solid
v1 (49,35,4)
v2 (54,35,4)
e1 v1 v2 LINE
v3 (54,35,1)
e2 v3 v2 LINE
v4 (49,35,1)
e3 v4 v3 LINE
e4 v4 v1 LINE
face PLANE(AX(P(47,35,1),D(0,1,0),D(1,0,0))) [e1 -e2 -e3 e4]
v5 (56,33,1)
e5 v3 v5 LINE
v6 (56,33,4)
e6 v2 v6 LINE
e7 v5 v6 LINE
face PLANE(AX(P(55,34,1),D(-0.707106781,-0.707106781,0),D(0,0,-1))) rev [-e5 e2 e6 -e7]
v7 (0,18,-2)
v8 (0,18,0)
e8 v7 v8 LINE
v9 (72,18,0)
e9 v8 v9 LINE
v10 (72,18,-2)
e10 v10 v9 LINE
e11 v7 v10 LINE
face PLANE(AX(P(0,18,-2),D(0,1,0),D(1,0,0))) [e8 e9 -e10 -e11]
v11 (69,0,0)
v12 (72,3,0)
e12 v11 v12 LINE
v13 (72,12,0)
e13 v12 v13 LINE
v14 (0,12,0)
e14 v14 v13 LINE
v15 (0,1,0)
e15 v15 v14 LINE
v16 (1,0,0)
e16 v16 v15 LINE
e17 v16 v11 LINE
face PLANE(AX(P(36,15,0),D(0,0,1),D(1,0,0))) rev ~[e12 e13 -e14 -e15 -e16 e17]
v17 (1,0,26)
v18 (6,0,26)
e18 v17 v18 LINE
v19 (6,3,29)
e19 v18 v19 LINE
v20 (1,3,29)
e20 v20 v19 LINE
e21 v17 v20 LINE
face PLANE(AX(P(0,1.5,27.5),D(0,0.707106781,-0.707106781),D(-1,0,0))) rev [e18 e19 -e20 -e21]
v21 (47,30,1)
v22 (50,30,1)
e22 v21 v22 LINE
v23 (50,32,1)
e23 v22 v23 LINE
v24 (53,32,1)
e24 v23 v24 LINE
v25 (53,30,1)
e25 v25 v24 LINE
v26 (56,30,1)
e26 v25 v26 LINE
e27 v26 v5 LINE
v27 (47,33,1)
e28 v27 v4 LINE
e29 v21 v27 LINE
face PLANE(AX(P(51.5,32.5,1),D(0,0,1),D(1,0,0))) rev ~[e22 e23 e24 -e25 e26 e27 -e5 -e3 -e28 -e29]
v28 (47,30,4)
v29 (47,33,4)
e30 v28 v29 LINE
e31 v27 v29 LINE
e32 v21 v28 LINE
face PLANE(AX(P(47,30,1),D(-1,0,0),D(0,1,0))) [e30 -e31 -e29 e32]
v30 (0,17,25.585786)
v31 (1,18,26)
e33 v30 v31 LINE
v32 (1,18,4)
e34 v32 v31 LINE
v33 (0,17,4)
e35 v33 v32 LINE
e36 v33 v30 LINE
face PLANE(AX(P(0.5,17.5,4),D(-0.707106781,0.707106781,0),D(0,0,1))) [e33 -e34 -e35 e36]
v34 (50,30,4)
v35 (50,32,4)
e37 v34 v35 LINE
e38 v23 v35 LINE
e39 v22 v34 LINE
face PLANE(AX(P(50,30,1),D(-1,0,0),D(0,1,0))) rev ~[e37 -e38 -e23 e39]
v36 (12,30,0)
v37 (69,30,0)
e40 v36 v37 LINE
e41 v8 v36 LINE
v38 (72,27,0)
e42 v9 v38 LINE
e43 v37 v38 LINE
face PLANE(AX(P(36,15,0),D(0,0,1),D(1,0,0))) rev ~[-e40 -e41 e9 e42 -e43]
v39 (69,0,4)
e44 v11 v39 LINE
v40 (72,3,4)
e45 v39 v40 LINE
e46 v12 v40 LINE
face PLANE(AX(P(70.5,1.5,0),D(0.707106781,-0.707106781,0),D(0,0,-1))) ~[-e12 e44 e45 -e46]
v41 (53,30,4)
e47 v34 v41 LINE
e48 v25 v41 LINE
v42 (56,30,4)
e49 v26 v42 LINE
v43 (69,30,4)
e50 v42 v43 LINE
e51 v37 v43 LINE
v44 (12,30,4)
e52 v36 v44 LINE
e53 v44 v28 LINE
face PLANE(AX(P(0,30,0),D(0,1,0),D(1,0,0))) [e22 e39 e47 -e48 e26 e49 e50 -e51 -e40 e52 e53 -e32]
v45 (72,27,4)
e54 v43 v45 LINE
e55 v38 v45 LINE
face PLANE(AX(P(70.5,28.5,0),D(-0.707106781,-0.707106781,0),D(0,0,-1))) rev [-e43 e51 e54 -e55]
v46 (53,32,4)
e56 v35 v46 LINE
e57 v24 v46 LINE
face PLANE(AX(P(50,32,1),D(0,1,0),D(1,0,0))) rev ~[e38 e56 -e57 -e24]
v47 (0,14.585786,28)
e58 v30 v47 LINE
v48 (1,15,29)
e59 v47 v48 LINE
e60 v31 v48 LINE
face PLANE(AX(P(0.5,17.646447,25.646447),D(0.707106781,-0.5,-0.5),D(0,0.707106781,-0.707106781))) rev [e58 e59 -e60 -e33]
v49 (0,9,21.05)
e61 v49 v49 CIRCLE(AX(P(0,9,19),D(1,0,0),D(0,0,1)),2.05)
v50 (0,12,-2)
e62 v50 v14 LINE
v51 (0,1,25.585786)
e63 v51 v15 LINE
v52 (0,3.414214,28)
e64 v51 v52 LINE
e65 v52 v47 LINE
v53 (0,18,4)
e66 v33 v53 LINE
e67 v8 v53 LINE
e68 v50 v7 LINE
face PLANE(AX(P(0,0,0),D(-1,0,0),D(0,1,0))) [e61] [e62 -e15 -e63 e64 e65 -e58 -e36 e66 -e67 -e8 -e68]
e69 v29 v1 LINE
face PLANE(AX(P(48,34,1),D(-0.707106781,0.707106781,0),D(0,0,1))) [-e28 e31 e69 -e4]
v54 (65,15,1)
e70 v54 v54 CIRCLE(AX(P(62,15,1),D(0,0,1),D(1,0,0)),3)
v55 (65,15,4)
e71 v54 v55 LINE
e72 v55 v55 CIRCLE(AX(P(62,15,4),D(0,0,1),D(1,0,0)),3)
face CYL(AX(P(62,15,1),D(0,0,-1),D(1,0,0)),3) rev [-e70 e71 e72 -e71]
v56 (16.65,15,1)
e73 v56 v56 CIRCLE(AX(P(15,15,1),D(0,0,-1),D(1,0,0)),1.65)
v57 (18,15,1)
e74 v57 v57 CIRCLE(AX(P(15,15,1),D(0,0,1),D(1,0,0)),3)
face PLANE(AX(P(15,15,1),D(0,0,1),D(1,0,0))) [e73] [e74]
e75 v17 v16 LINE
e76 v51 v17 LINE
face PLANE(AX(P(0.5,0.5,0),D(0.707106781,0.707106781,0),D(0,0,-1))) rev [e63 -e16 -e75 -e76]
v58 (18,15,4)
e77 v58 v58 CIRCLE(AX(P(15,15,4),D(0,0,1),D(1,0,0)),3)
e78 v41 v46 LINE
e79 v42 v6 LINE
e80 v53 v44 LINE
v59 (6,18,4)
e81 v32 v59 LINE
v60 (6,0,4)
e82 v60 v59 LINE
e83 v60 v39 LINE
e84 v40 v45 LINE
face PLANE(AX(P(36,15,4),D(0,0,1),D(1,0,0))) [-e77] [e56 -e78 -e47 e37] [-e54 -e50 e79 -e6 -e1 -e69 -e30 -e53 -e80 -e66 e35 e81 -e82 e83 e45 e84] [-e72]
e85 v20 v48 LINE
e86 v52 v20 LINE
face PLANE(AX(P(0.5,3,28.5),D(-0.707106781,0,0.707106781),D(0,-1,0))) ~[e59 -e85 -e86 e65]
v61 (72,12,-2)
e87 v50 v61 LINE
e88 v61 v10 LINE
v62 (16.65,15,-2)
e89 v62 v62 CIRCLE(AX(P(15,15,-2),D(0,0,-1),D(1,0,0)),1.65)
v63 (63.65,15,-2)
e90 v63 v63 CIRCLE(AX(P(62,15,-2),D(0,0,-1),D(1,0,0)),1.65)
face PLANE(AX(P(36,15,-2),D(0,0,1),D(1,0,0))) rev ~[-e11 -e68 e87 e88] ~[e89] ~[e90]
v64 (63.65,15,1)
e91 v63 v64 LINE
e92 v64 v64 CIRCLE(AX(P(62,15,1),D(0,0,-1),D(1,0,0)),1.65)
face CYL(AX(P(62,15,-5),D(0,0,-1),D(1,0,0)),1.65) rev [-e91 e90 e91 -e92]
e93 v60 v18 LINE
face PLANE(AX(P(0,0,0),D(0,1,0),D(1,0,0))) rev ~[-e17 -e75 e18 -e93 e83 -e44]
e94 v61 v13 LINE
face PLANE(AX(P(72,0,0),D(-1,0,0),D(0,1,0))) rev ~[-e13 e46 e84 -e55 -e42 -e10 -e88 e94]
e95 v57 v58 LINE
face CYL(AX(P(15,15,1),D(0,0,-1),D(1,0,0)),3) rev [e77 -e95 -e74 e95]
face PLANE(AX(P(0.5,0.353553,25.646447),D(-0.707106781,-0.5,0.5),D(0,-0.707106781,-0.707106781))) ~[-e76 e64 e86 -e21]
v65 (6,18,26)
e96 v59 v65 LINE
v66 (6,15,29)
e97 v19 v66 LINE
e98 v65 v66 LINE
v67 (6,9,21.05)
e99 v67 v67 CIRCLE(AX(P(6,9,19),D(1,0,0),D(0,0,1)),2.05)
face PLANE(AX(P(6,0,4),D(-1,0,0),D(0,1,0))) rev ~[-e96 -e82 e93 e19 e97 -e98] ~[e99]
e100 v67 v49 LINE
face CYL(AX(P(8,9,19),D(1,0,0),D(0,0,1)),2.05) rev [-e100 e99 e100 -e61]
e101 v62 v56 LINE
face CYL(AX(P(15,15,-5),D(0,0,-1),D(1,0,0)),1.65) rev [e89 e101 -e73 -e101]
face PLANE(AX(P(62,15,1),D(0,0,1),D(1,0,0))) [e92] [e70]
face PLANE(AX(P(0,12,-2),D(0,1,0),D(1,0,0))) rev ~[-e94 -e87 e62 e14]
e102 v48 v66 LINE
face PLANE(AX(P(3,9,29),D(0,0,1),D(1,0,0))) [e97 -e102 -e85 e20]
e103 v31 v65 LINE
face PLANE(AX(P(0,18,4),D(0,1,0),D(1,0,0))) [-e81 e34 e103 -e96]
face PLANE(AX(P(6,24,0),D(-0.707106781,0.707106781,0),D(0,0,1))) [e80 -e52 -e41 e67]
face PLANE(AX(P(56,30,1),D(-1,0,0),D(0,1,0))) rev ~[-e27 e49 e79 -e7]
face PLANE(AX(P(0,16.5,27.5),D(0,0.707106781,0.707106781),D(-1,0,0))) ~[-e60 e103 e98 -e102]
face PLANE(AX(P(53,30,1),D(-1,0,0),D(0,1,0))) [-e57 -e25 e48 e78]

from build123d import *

# Parameters (mm, degrees)
CYLINDER003_R     = 3
CYLINDER003_DEPTH = 3
CYLINDER004_R     = 3
CYLINDER004_DEPTH = 3
CYLINDER001_R     = 1.65
CYLINDER001_DEPTH = 10
CYLINDER002_R     = 1.65
CYLINDER002_DEPTH = 10
BOX001_W          = 72
BOX001_H          = 30
BOX001_DEPTH      = 4
CHAMFER_SIZE      = 12
CHAMFER001_SIZE   = 3
BOX002_W          = 72
BOX002_H          = 6
BOX002_DEPTH      = 2
CHAMFER004_SIZE   = 1
BOX004_W          = 3
BOX004_H          = 2
BOX004_DEPTH      = 3
BOX003_W          = 9
BOX003_H          = 5
BOX003_DEPTH      = 3
CHAMFER005_SIZE   = 2
CYLINDER_R        = 2.05
CYLINDER_DEPTH    = 10
BOX_W             = 6
BOX_H             = 18
BOX_DEPTH         = 25
CHAMFER002_SIZE   = 3
CHAMFER006_SIZE   = 1


with BuildPart() as cylinder003:
    # Cylinder003 → Cylinder003 (new body)
    with BuildSketch(Plane(origin=(62, 15, -5), x_dir=(1, 0, 0), z_dir=(0, 0, 1))):
        Circle(CYLINDER003_R)
    extrude(amount=CYLINDER003_DEPTH)


with BuildPart() as fusion002:
    # Cylinder004 → Cylinder004 (new body)
    with BuildSketch(Plane(origin=(15, 15, -5), x_dir=(1, 0, 0), z_dir=(0, 0, 1))):
        Circle(CYLINDER004_R)
    extrude(amount=CYLINDER004_DEPTH)

    # Fusion002: union Cylinder003
    add(cylinder003.part)


with BuildPart() as fusion002_1:
    # Fusion002 placement: moved
    add(fusion002.part.moved(Location((0, 0, 6))))


with BuildPart() as cylinder001:
    # Cylinder001 → Cylinder001 (new body)
    with BuildSketch(Plane(origin=(15, 15, -5), x_dir=(1, 0, 0), z_dir=(0, 0, 1))):
        Circle(CYLINDER001_R)
    extrude(amount=CYLINDER001_DEPTH)


with BuildPart() as fusion001:
    # Cylinder002 → Cylinder002 (new body)
    with BuildSketch(Plane(origin=(62, 15, -5), x_dir=(1, 0, 0), z_dir=(0, 0, 1))):
        Circle(CYLINDER002_R)
    extrude(amount=CYLINDER002_DEPTH)

    # Fusion001: union Cylinder001
    add(cylinder001.part)


with BuildPart() as chamfer001:
    # Box001 → Box001 (new body)
    with BuildSketch(Plane.XY):
        with Locations((36, 15)):
            Rectangle(BOX001_W, BOX001_H)
    extrude(amount=BOX001_DEPTH)

    # Chamfer
    chamfer_edges = [chamfer001.edges().sort_by_distance(p)[0] for p in [
        (0, 30, 2),
    ]]
    chamfer(chamfer_edges, length=CHAMFER_SIZE)

    # Chamfer001
    chamfer001_edges = [chamfer001.edges().sort_by_distance(p)[0] for p in [
        (72, 0, 2),
        (72, 30, 2),
    ]]
    chamfer(chamfer001_edges, length=CHAMFER001_SIZE)


with BuildPart() as chamfer004:
    # Box002 → Box002 (new body)
    with BuildSketch(Plane(origin=(0, 12, -2), x_dir=(1, 0, 0), z_dir=(0, 0, 1))):
        with Locations((36, 3)):
            Rectangle(BOX002_W, BOX002_H)
    extrude(amount=BOX002_DEPTH)

    # Fusion: union Chamfer001
    add(chamfer001.part)

    # Cut001: cut Fusion001
    add(fusion001.part, mode=Mode.SUBTRACT)

    # Cut002: cut Fusion002
    add(fusion002_1.part, mode=Mode.SUBTRACT)

    # Chamfer004
    chamfer004_edges = [chamfer004.edges().sort_by_distance(p)[0] for p in [
        (0, 0, 2),
    ]]
    chamfer(chamfer004_edges, length=CHAMFER004_SIZE)


with BuildPart() as cube004:
    # Box004 → Box004 (new body)
    with BuildSketch(Plane(origin=(75, 30, 0), x_dir=(1, 0, 0), z_dir=(0, 0, 1))):
        with Locations((1.5, 1)):
            Rectangle(BOX004_W, BOX004_H)
    extrude(amount=BOX004_DEPTH)


with BuildPart() as chamfer005:
    # Box003 → Box003 (new body)
    with BuildSketch(Plane(origin=(72, 30, 0), x_dir=(1, 0, 0), z_dir=(0, 0, 1))):
        with Locations((4.5, 2.5)):
            Rectangle(BOX003_W, BOX003_H)
    extrude(amount=BOX003_DEPTH)

    # Cut003: cut Cube004
    add(cube004.part, mode=Mode.SUBTRACT)


with BuildPart() as chamfer005_1:
    # Cut003 placement: moved
    add(chamfer005.part.moved(Location((-25, 0, 1))))

    # Chamfer005
    chamfer005_edges = [chamfer005_1.edges().sort_by_distance(p)[0] for p in [
        (47, 35, 2.5),
        (56, 35, 2.5),
    ]]
    chamfer(chamfer005_edges, length=CHAMFER005_SIZE)


with BuildPart() as cylinder:
    # Cylinder → Cylinder (new body)
    with BuildSketch(Plane(origin=(8, 9, 19), x_dir=(0, 0, 1), z_dir=(-1, 0, 0))):
        Circle(CYLINDER_R)
    extrude(amount=CYLINDER_DEPTH)


with BuildPart() as fusion003:
    # Box → Box (new body)
    with BuildSketch(Plane.XY.offset(4)):
        with Locations((3, 9)):
            Rectangle(BOX_W, BOX_H)
    extrude(amount=BOX_DEPTH)

    # Chamfer002
    chamfer002_edges = [fusion003.edges().sort_by_distance(p)[0] for p in [
        (3, 0, 29),
        (3, 18, 29),
    ]]
    chamfer(chamfer002_edges, length=CHAMFER002_SIZE)

    # Cut: cut Cylinder
    add(cylinder.part, mode=Mode.SUBTRACT)

    # Chamfer006
    chamfer006_edges = [fusion003.edges().sort_by_distance(p)[0] for p in [
        (0, 0, 15),
        (0, 1.5, 27.5),
        (0, 9, 29),
        (0, 18, 15),
        (0, 16.5, 27.5),
    ]]
    chamfer(chamfer006_edges, length=CHAMFER006_SIZE)

    # Fusion003: union Chamfer004, Chamfer005
    add(chamfer004.part)
    add(chamfer005_1.part)


solid = fusion003.part
